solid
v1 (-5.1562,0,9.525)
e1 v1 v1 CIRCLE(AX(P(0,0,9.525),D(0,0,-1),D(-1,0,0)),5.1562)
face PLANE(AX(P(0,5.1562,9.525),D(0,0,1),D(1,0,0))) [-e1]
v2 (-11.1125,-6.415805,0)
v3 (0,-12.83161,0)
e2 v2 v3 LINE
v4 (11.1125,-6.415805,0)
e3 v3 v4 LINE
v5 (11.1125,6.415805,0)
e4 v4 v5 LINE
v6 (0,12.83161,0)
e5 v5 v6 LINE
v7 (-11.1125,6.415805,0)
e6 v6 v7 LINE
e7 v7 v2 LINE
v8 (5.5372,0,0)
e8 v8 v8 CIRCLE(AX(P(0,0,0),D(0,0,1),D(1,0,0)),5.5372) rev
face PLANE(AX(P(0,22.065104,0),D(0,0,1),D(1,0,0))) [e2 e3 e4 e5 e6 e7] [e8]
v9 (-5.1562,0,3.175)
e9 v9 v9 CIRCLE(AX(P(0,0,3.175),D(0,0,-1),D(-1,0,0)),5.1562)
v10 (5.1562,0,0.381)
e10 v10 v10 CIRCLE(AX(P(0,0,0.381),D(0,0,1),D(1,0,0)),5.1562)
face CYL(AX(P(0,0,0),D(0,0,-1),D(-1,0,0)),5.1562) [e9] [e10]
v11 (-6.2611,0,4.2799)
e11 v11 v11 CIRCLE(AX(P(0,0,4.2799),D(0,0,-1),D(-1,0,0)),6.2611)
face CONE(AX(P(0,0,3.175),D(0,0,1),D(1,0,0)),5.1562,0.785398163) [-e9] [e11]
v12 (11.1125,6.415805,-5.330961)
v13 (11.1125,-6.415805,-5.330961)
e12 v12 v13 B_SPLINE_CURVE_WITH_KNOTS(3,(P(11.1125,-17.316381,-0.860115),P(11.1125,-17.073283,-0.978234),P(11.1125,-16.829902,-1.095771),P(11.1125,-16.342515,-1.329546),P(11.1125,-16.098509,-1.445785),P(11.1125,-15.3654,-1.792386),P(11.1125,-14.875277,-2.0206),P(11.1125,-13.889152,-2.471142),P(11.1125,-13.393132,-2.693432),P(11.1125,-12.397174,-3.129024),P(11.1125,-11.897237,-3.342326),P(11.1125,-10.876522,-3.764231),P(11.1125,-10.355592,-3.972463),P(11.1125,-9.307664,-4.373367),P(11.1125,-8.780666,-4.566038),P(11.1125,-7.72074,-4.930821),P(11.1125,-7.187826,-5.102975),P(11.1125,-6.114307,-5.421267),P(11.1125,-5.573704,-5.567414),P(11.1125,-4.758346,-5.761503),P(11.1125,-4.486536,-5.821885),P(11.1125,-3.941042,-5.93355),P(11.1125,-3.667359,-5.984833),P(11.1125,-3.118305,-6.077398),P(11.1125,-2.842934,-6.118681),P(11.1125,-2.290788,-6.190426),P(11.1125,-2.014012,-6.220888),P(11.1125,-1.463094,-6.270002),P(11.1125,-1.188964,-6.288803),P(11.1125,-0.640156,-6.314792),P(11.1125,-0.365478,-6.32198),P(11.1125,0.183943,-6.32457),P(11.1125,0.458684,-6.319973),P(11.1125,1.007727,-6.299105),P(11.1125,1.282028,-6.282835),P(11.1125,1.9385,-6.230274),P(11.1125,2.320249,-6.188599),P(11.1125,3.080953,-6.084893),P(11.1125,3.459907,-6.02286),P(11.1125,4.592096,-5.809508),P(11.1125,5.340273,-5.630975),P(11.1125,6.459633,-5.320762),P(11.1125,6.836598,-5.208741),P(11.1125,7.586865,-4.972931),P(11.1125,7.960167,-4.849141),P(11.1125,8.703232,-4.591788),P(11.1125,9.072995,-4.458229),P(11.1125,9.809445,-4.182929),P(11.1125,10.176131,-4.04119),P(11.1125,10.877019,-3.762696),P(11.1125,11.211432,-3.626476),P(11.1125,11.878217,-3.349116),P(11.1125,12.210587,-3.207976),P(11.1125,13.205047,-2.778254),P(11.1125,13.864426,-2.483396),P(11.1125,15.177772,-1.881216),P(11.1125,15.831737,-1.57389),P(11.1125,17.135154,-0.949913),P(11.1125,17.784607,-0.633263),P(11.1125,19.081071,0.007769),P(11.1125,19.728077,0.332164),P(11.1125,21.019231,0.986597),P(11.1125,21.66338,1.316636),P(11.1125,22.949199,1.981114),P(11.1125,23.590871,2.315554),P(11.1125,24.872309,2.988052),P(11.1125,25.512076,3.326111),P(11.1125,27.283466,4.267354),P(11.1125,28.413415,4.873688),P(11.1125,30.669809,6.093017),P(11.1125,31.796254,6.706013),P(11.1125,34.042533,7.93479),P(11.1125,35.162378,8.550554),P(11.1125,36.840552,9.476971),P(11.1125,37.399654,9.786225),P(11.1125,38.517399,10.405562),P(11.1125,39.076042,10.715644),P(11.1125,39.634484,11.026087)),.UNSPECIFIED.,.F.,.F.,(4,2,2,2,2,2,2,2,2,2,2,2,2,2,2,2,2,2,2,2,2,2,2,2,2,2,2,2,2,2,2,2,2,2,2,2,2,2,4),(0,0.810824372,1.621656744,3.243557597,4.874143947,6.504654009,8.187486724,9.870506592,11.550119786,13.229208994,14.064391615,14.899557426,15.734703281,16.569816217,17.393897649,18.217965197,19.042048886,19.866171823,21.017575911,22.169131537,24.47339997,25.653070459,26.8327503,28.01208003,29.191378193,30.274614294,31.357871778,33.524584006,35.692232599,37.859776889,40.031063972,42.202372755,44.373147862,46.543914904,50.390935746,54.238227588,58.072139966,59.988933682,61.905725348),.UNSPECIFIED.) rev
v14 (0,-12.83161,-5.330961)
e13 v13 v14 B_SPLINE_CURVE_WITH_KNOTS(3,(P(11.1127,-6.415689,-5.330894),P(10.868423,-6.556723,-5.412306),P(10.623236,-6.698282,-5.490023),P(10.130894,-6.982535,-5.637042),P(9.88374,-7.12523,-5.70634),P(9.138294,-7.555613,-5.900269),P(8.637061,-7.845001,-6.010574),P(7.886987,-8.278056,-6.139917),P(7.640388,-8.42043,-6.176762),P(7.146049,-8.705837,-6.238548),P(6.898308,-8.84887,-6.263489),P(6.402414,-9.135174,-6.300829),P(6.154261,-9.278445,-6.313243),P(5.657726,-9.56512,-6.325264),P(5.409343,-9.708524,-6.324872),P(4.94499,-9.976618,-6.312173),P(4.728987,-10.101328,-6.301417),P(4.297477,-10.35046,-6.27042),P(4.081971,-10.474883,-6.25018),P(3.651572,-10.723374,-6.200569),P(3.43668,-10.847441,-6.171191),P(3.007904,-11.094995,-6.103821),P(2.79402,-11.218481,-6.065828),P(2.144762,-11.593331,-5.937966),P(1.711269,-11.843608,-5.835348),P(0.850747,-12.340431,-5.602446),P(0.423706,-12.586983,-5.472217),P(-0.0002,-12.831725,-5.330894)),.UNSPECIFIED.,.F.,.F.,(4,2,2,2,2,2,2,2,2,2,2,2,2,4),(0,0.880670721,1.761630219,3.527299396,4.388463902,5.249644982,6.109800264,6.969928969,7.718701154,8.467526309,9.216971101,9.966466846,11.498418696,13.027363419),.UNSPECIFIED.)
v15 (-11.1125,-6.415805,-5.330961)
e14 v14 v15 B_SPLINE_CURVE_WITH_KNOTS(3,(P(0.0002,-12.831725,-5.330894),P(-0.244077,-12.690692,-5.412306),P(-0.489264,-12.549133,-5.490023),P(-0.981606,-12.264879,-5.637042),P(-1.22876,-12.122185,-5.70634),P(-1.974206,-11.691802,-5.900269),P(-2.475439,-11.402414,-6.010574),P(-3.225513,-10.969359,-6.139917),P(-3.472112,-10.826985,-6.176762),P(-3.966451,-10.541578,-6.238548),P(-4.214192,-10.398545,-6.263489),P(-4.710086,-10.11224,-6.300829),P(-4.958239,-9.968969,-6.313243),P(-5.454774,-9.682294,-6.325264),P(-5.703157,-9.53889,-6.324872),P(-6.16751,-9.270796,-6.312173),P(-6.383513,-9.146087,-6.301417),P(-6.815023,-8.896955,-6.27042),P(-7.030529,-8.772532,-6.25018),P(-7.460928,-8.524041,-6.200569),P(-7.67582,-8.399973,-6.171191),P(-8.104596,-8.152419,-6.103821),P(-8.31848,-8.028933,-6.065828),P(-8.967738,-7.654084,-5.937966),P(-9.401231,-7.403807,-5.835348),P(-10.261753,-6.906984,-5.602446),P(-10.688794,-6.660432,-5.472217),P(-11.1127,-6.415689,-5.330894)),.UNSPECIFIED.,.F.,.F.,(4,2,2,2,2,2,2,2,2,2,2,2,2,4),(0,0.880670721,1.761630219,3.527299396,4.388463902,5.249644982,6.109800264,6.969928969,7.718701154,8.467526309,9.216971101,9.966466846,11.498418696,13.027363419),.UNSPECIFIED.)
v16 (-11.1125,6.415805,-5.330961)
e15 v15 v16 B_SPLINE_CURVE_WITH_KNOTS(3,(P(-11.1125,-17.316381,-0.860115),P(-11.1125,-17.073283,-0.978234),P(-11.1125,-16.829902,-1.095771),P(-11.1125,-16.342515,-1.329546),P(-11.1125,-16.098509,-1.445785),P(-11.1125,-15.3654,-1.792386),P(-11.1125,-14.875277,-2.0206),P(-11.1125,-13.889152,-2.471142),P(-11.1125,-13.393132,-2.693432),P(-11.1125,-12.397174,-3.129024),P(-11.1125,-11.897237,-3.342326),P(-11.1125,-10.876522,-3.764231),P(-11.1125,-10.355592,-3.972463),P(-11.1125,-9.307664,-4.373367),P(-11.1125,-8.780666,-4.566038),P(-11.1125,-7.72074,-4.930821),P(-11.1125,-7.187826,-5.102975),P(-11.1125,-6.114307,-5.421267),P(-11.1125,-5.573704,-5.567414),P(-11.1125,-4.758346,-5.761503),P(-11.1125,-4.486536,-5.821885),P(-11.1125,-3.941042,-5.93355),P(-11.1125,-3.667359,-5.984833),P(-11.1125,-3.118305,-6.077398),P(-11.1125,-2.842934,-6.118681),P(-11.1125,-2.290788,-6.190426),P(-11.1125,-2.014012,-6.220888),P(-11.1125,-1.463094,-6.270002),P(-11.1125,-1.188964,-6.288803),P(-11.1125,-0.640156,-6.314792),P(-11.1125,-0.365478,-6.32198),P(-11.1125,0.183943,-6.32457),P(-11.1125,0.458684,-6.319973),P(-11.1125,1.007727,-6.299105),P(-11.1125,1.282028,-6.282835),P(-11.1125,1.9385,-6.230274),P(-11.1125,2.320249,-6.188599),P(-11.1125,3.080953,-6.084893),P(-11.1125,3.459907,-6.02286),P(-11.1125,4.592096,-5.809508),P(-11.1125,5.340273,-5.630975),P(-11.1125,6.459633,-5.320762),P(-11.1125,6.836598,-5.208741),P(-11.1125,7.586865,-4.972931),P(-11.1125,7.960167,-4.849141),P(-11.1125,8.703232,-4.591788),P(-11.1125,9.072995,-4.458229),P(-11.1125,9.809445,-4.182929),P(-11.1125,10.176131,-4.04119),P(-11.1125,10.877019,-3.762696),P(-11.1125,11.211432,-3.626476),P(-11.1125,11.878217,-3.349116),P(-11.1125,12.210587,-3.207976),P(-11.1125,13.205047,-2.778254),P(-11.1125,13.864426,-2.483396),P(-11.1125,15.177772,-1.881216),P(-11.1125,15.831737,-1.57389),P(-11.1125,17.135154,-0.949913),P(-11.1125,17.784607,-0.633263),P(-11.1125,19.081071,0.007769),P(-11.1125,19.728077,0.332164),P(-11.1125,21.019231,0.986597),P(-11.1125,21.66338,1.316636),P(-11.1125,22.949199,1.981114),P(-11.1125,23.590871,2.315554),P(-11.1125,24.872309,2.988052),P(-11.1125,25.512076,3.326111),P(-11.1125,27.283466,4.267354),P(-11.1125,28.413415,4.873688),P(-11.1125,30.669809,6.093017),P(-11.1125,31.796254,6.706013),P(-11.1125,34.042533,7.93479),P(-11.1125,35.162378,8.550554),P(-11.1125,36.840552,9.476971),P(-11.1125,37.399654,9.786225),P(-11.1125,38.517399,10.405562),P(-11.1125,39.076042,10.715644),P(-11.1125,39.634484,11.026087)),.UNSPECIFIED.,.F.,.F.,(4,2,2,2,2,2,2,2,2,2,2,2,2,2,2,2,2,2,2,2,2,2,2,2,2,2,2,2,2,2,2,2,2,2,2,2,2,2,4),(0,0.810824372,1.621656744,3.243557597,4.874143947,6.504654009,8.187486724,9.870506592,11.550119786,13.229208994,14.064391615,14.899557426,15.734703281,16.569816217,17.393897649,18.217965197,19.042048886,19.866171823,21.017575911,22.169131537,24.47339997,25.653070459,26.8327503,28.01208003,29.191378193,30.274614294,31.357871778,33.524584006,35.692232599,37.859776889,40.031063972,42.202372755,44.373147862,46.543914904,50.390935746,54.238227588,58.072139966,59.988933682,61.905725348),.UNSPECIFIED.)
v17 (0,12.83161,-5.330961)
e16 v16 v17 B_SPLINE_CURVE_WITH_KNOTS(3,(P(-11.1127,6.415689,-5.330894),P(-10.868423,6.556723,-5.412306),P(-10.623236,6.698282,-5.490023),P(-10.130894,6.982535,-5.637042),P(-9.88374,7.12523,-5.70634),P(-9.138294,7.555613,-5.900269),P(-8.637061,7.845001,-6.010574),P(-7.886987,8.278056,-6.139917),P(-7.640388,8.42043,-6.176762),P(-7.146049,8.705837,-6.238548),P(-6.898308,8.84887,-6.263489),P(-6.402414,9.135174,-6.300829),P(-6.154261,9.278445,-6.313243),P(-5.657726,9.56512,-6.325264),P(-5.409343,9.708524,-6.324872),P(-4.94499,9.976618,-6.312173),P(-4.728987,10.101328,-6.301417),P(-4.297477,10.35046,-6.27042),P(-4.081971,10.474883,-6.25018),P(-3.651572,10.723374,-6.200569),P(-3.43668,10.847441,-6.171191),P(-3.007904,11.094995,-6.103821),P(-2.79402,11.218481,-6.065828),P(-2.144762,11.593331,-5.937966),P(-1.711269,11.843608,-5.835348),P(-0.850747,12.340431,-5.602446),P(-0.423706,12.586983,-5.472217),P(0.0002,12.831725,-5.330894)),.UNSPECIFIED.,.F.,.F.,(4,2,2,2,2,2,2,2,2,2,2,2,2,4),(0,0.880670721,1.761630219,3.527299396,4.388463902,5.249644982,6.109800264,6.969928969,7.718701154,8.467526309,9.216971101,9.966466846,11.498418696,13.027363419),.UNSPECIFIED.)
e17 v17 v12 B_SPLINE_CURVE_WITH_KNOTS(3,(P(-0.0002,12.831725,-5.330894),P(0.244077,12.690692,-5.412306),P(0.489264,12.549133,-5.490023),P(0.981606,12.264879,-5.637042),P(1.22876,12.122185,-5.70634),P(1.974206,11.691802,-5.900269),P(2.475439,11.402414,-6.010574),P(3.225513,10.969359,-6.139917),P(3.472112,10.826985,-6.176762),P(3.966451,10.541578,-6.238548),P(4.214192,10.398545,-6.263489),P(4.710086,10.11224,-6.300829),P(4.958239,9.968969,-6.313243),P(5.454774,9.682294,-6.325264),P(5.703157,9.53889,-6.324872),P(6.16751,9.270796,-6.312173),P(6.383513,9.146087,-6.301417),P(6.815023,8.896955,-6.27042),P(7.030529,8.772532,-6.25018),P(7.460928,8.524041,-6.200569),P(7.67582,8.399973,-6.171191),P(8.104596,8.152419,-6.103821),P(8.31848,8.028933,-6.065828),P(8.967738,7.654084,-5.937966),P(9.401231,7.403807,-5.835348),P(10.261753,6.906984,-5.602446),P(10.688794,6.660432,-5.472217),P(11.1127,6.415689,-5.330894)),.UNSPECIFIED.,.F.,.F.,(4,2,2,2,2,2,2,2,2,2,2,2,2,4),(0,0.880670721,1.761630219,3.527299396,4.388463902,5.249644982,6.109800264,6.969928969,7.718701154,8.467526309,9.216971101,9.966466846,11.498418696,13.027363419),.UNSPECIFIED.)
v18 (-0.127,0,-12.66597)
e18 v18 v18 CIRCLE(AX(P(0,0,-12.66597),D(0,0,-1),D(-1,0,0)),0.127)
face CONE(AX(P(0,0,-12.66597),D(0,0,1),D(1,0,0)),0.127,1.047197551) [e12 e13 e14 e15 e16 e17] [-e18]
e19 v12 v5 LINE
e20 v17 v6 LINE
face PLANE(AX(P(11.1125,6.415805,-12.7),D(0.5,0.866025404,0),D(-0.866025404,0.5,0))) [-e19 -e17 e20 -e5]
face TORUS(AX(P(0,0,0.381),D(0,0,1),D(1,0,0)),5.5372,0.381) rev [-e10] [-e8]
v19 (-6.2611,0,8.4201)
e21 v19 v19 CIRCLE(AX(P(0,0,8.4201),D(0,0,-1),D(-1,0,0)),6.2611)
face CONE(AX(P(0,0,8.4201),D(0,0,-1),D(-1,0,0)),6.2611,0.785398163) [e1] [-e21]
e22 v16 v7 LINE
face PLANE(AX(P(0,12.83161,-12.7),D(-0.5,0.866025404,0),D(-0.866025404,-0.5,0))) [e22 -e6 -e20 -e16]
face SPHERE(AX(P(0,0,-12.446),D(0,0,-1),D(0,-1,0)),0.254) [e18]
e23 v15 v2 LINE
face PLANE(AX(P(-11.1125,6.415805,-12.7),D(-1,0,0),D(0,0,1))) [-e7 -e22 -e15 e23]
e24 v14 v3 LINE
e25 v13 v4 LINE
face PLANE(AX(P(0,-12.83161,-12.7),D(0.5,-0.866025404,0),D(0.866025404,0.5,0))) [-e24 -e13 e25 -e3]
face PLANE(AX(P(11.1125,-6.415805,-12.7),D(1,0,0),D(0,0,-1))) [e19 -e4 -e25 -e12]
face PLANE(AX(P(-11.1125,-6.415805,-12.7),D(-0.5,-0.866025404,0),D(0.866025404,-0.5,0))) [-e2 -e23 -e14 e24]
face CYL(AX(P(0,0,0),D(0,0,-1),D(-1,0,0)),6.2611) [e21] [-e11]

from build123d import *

# Parameters (mm, degrees)
SKETCH2_OUTSIDE_W  = 59.38
SKETCH2_OUTSIDE_H  = 59.38
CUT_EXTRUDE1_DEPTH = 13.7
FILLET1_R          = 0.381


with BuildPart() as part:
    # Sketch1 → Revolve1 (revolve)
    with BuildSketch(Plane(origin=(0, 0, 0), x_dir=(0, 0, -1), z_dir=(1, 0, 0)), mode=Mode.PRIVATE) as revolve1_sk:
        with BuildLine():
            Line((0, 22.065104351), (0, 5.1562))
            Line((0, 5.1562), (-3.175, 5.1562))
            Line((-3.175, 5.1562), (-4.2799, 6.2611))
            Line((-4.2799, 6.2611), (-8.4201, 6.2611))
            Line((-8.4201, 6.2611), (-9.525, 5.1562))
            Line((-9.525, 5.1562), (-9.525, 0))
            Line((-9.525, 0), (12.7, 0))
            ThreePointArc((12.7, 0), (12.69134516, 0.065740037), (12.665970453, 0.127))
            Line((12.665970453, 0.127), (0, 22.065104351))
        make_face()
    revolve(revolve1_sk.sketch.rotate(Axis((0, 0, 0), (0, 0, 1)), 90), axis=Axis((0, 0, 0), (0, 0, 1)))  # turned: the seam where the file's is

    # Sketch2 outside → Cut-Extrude1 (cut, through all)
    with BuildSketch(Plane.XY):
        Rectangle(SKETCH2_OUTSIDE_W, SKETCH2_OUTSIDE_H)
        Polygon((0, 12.831609733), (-11.1125, 6.415804866), (-11.1125, -6.415804866), (0, -12.831609733), (11.1125, -6.415804866), (11.1125, 6.415804866), align=None, mode=Mode.SUBTRACT)
    extrude(amount=-CUT_EXTRUDE1_DEPTH, mode=Mode.SUBTRACT)

    # Fillet1
    fillet1_edges = [part.edges().sort_by_distance(p)[0] for p in [
        (5.1562, 0, 0),
    ]]
    fillet(fillet1_edges, radius=FILLET1_R)


solid = part.part
